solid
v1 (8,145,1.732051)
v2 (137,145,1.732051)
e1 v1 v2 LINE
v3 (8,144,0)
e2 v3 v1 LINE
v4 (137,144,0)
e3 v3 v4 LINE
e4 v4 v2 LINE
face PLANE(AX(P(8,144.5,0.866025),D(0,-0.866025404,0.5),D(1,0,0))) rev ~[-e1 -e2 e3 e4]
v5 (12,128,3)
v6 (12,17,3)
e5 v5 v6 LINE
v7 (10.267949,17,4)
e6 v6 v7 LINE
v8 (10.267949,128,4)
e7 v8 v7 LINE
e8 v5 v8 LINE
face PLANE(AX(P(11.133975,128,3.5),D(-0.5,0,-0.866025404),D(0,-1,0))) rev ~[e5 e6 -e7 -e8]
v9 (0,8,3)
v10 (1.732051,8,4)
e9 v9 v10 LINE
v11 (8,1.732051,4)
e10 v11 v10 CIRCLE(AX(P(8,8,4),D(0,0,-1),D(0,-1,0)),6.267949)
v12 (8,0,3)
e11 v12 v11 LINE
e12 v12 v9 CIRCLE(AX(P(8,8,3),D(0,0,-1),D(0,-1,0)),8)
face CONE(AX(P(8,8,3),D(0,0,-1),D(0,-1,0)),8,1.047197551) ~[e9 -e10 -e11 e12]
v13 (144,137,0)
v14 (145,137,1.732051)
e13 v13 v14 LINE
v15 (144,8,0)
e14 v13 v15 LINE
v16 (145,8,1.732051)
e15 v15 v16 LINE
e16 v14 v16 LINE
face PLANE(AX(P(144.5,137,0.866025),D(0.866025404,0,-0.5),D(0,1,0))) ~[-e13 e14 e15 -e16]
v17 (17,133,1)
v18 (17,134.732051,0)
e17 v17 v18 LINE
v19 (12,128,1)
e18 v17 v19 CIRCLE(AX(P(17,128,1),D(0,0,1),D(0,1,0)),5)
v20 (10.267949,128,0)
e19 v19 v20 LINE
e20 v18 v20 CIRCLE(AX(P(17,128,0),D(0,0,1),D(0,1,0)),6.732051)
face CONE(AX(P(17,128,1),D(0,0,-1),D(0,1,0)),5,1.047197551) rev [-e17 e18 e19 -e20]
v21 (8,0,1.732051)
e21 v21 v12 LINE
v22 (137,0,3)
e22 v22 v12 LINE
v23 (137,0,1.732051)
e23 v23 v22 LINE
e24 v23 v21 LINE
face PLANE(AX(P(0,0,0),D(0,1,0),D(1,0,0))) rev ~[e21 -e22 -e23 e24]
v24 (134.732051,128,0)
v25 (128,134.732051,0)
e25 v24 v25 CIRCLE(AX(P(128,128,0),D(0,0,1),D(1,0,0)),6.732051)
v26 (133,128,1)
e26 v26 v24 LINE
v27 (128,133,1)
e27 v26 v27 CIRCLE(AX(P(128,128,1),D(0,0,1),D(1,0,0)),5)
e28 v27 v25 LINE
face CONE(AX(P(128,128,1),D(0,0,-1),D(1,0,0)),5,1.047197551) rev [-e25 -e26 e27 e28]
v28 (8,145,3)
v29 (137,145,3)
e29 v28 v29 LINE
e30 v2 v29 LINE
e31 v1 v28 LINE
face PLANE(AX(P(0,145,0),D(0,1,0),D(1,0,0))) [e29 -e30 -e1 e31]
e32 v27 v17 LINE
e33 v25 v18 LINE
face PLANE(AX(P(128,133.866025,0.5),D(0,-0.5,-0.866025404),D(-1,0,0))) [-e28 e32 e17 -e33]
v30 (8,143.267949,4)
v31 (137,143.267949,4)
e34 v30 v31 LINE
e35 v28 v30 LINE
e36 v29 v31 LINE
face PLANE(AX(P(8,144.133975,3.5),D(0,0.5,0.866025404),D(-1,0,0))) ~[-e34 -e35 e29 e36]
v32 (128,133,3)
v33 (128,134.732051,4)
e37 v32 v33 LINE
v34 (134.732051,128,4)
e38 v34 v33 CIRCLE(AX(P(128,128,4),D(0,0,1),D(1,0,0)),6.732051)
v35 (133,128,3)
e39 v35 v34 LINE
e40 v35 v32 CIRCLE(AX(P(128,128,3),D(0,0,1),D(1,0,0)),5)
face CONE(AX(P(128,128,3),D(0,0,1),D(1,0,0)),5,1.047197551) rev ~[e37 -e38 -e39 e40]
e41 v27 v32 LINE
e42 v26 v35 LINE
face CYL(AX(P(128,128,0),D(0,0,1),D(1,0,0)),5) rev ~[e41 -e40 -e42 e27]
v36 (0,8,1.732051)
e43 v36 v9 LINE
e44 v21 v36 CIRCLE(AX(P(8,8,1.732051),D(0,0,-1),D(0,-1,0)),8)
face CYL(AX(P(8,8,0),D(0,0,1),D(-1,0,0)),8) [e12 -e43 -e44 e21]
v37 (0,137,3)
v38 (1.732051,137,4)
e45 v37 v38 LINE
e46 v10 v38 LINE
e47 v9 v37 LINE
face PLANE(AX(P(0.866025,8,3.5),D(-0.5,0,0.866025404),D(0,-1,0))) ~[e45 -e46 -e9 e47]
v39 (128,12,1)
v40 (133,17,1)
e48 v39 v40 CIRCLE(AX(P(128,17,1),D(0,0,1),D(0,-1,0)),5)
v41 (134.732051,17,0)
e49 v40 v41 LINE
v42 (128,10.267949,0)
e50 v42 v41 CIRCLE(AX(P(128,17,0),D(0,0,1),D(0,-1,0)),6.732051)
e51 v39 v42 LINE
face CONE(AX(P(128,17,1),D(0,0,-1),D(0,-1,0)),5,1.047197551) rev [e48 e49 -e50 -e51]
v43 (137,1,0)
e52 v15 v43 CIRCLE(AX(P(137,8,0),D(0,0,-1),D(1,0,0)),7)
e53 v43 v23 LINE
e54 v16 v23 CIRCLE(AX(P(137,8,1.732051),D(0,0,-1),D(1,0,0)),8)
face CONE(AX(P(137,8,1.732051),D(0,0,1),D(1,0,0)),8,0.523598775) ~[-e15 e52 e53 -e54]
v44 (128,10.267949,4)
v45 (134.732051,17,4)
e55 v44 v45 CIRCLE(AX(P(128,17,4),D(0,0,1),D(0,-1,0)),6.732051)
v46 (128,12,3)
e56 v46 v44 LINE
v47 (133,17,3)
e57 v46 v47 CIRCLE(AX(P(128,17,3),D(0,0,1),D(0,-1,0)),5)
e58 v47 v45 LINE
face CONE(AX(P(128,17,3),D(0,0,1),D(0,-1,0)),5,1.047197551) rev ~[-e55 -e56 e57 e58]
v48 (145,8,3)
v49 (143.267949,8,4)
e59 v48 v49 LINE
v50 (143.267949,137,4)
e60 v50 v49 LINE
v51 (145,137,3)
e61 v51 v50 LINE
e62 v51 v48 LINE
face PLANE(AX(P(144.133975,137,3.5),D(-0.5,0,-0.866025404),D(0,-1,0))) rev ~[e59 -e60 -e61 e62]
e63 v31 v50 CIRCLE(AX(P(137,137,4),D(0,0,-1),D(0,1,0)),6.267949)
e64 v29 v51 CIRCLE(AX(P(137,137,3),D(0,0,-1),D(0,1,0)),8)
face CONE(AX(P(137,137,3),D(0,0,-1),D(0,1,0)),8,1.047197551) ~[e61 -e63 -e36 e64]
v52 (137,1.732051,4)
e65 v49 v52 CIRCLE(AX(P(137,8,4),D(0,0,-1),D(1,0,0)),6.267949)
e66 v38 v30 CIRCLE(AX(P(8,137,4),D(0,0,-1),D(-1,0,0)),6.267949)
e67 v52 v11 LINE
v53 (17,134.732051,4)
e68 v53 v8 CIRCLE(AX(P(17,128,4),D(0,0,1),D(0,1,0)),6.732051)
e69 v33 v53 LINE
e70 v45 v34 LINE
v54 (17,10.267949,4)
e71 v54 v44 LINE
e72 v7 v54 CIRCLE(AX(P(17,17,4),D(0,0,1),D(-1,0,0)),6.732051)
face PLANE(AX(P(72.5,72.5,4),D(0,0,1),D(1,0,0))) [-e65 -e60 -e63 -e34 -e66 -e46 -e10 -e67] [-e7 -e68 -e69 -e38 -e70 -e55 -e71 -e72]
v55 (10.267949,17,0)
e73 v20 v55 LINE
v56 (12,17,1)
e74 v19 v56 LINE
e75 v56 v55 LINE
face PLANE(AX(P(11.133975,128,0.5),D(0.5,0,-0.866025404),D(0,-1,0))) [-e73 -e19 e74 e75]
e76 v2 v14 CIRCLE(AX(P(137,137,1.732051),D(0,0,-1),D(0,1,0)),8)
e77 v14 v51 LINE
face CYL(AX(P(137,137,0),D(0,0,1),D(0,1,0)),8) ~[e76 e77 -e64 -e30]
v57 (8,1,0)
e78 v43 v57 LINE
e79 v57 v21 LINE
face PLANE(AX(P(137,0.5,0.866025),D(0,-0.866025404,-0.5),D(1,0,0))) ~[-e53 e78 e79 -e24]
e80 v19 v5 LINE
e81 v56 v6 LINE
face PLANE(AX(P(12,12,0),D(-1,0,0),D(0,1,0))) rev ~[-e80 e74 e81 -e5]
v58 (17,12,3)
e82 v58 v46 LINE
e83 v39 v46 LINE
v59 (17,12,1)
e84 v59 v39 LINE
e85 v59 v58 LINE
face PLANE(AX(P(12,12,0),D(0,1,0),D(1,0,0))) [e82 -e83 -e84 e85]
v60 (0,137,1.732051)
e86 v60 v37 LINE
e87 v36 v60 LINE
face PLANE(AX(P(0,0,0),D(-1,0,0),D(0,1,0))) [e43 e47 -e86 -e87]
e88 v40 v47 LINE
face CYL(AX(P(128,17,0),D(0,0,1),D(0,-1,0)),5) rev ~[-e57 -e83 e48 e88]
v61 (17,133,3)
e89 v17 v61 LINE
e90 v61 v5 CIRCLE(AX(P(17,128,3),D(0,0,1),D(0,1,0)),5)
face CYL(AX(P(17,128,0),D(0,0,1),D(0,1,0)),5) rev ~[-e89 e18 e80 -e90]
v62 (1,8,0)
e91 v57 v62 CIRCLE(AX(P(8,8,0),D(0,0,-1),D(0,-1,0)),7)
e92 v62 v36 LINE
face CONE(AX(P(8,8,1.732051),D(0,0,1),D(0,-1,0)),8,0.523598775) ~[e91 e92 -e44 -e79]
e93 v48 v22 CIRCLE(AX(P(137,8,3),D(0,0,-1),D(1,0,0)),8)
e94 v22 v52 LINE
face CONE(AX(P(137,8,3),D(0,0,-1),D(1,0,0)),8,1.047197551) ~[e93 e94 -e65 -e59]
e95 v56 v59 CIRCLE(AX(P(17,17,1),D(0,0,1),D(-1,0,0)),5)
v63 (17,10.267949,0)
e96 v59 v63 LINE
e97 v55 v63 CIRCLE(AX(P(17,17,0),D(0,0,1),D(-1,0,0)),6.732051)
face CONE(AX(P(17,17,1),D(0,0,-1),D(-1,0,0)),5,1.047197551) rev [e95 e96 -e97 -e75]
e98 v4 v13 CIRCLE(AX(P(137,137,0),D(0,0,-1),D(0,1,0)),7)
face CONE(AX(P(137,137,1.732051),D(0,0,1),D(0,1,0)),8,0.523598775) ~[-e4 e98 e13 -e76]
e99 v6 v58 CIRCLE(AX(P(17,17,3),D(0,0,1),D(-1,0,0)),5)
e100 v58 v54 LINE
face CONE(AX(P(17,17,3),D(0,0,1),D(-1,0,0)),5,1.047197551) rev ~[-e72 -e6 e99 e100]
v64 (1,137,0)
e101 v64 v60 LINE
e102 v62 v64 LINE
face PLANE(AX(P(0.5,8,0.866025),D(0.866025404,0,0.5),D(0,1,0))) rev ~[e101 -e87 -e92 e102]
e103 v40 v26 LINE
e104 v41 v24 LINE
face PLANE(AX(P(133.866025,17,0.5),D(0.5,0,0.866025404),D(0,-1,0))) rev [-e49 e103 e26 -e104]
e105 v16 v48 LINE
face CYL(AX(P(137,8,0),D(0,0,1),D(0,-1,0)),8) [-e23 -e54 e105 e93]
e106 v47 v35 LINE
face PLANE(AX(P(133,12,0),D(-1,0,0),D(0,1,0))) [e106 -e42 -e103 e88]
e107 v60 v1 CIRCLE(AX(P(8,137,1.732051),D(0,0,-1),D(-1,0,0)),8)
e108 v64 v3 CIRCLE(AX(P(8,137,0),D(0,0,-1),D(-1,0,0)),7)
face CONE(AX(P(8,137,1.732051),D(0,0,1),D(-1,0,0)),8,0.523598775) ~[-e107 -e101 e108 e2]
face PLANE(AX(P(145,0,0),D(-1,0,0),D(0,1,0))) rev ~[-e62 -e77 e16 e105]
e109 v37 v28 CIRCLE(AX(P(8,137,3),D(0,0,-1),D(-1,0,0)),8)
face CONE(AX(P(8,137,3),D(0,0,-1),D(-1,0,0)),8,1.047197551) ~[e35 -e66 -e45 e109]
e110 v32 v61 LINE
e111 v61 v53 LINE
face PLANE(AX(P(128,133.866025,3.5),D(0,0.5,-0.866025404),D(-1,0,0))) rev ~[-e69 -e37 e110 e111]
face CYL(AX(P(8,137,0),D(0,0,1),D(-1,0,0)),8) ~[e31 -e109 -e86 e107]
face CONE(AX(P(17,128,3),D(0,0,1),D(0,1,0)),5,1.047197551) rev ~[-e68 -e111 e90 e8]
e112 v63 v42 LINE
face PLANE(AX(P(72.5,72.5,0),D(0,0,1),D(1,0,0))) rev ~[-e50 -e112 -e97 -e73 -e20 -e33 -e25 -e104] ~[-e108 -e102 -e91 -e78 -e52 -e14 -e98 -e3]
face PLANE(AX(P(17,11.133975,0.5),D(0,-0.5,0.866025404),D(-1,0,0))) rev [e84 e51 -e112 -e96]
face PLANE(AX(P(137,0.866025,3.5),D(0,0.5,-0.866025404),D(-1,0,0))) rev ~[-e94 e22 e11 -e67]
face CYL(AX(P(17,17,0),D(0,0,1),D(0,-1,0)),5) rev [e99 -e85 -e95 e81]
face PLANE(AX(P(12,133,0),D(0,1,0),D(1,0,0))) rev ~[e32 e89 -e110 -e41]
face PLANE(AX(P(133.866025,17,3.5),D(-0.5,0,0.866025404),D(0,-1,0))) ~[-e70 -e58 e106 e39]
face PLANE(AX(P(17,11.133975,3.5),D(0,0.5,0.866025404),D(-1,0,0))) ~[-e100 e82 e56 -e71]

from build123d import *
from OCP.BRepFilletAPI import BRepFilletAPI_MakeChamfer

# Parameters (mm, degrees)
ESQUISSE1_W        = 145
ESQUISSE1_H        = 145
ESQUISSE1_W_2      = 121
ESQUISSE1_H_2      = 121
BOSS_EXTRU_1_DEPTH = 4
CONG_3_R           = 8
CONG_4_R           = 5
CHANFREIN1_SIZE    = 1
CHANFREIN1_SIZE2   = 1.732050808


with BuildPart() as part:
    # Esquisse1 → Boss.-Extru.1 (new body)
    with BuildSketch(Plane.XY):
        with Locations((72.5, 72.5)):
            Rectangle(ESQUISSE1_W, ESQUISSE1_H)
        with Locations((72.5, 72.5)):
            Rectangle(ESQUISSE1_W_2, ESQUISSE1_H_2, mode=Mode.SUBTRACT)
    extrude(amount=BOSS_EXTRU_1_DEPTH)

    # Congé3
    cong_3_edges = [part.edges().sort_by_distance(p)[0] for p in [
        (0, 145, 2),
        (145, 145, 2),
        (145, 0, 2),
        (0, 0, 2),
    ]]
    fillet(cong_3_edges, radius=CONG_3_R)

    # Congé4
    cong_4_edges = [part.edges().sort_by_distance(p)[0] for p in [
        (133, 133, 2),
        (12, 133, 2),
        (12, 12, 2),
        (133, 12, 2),
    ]]
    fillet(cong_4_edges, radius=CONG_4_R)

    # Chanfrein1: one chamfer whose edges measure the first distance from different faces: ONE call of the kernel's chamfer builder (chamfer() names one face for all edges)
    chanfrein1_edges_1 = [part.edges().sort_by_distance(p)[0] for p in [
        (72.5, 145, 0),
        (0, 72.5, 0),
        (145, 72.5, 0),
        (72.5, 0, 0),
        (142.656854249, 2.343145751, 0),
        (2.343145751, 2.343145751, 0),
        (2.343145751, 142.656854249, 0),
        (142.656854249, 142.656854249, 0),
    ]]
    chanfrein1_side_1 = [part.faces().sort_by_distance(p)[0] for p in [
        (72.5, 9.949390335, 0),
    ]]
    chanfrein1_edges_2 = [part.edges().sort_by_distance(p)[0] for p in [
        (72.5, 145, 4),
    ]]
    chanfrein1_side_2 = [part.faces().sort_by_distance(p)[0] for p in [
        (72.5, 145, 2),
    ]]
    chanfrein1_edges_3 = [part.edges().sort_by_distance(p)[0] for p in [
        (145, 72.5, 4),
    ]]
    chanfrein1_side_3 = [part.faces().sort_by_distance(p)[0] for p in [
        (145, 72.5, 2),
    ]]
    chanfrein1_edges_4 = [part.edges().sort_by_distance(p)[0] for p in [
        (0, 72.5, 4),
    ]]
    chanfrein1_side_4 = [part.faces().sort_by_distance(p)[0] for p in [
        (0, 72.5, 2),
    ]]
    chanfrein1_edges_5 = [part.edges().sort_by_distance(p)[0] for p in [
        (72.5, 0, 4),
    ]]
    chanfrein1_side_5 = [part.faces().sort_by_distance(p)[0] for p in [
        (72.5, 0, 2),
    ]]
    chanfrein1_edges_6 = [part.edges().sort_by_distance(p)[0] for p in [
        (142.656854249, 2.343145751, 4),
    ]]
    chanfrein1_side_6 = [part.faces().sort_by_distance(p)[0] for p in [
        (142.656854249, 2.343145751, 2),
    ]]
    chanfrein1_edges_7 = [part.edges().sort_by_distance(p)[0] for p in [
        (2.343145751, 2.343145751, 4),
    ]]
    chanfrein1_side_7 = [part.faces().sort_by_distance(p)[0] for p in [
        (2.343145751, 2.343145751, 2),
    ]]
    chanfrein1_edges_8 = [part.edges().sort_by_distance(p)[0] for p in [
        (2.343145751, 142.656854249, 4),
    ]]
    chanfrein1_side_8 = [part.faces().sort_by_distance(p)[0] for p in [
        (2.343145751, 142.656854249, 2),
    ]]
    chanfrein1_edges_9 = [part.edges().sort_by_distance(p)[0] for p in [
        (142.656854249, 142.656854249, 4),
    ]]
    chanfrein1_side_9 = [part.faces().sort_by_distance(p)[0] for p in [
        (142.656854249, 142.656854249, 2),
    ]]
    chanfrein1_edges_10 = [part.edges().sort_by_distance(p)[0] for p in [
        (72.5, 12, 0),
        (72.5, 12, 4),
    ]]
    chanfrein1_side_10 = [part.faces().sort_by_distance(p)[0] for p in [
        (72.5, 12, 2),
    ]]
    chanfrein1_edges_11 = [part.edges().sort_by_distance(p)[0] for p in [
        (133, 72.5, 0),
        (133, 72.5, 4),
    ]]
    chanfrein1_side_11 = [part.faces().sort_by_distance(p)[0] for p in [
        (133, 72.5, 2),
    ]]
    chanfrein1_edges_12 = [part.edges().sort_by_distance(p)[0] for p in [
        (72.5, 133, 0),
        (72.5, 133, 4),
    ]]
    chanfrein1_side_12 = [part.faces().sort_by_distance(p)[0] for p in [
        (72.5, 133, 2),
    ]]
    chanfrein1_edges_13 = [part.edges().sort_by_distance(p)[0] for p in [
        (12, 72.5, 0),
        (12, 72.5, 4),
    ]]
    chanfrein1_side_13 = [part.faces().sort_by_distance(p)[0] for p in [
        (12, 72.5, 2),
    ]]
    chanfrein1_edges_14 = [part.edges().sort_by_distance(p)[0] for p in [
        (131.535533906, 13.464466094, 0),
        (131.535533906, 13.464466094, 4),
    ]]
    chanfrein1_side_14 = [part.faces().sort_by_distance(p)[0] for p in [
        (131.535533906, 13.464466094, 2),
    ]]
    chanfrein1_edges_15 = [part.edges().sort_by_distance(p)[0] for p in [
        (131.535533906, 131.535533906, 0),
        (131.535533906, 131.535533906, 4),
    ]]
    chanfrein1_side_15 = [part.faces().sort_by_distance(p)[0] for p in [
        (131.535533906, 131.535533906, 2),
    ]]
    chanfrein1_edges_16 = [part.edges().sort_by_distance(p)[0] for p in [
        (13.464466094, 131.535533906, 0),
        (13.464466094, 131.535533906, 4),
    ]]
    chanfrein1_side_16 = [part.faces().sort_by_distance(p)[0] for p in [
        (13.464466094, 131.535533906, 2),
    ]]
    chanfrein1_edges_17 = [part.edges().sort_by_distance(p)[0] for p in [
        (13.464466094, 13.464466094, 0),
        (13.464466094, 13.464466094, 4),
    ]]
    chanfrein1_side_17 = [part.faces().sort_by_distance(p)[0] for p in [
        (13.464466094, 13.464466094, 2),
    ]]
    chanfrein1 = BRepFilletAPI_MakeChamfer(part.part.solid().wrapped)
    for e in chanfrein1_edges_1:
        chanfrein1.Add(CHANFREIN1_SIZE, CHANFREIN1_SIZE2, e.wrapped, chanfrein1_side_1[0].wrapped)  # the first distance lies on this face
    for e in chanfrein1_edges_2:
        chanfrein1.Add(CHANFREIN1_SIZE, CHANFREIN1_SIZE2, e.wrapped, chanfrein1_side_2[0].wrapped)  # the first distance lies on this face
    for e in chanfrein1_edges_3:
        chanfrein1.Add(CHANFREIN1_SIZE, CHANFREIN1_SIZE2, e.wrapped, chanfrein1_side_3[0].wrapped)  # the first distance lies on this face
    for e in chanfrein1_edges_4:
        chanfrein1.Add(CHANFREIN1_SIZE, CHANFREIN1_SIZE2, e.wrapped, chanfrein1_side_4[0].wrapped)  # the first distance lies on this face
    for e in chanfrein1_edges_5:
        chanfrein1.Add(CHANFREIN1_SIZE, CHANFREIN1_SIZE2, e.wrapped, chanfrein1_side_5[0].wrapped)  # the first distance lies on this face
    for e in chanfrein1_edges_6:
        chanfrein1.Add(CHANFREIN1_SIZE, CHANFREIN1_SIZE2, e.wrapped, chanfrein1_side_6[0].wrapped)  # the first distance lies on this face
    for e in chanfrein1_edges_7:
        chanfrein1.Add(CHANFREIN1_SIZE, CHANFREIN1_SIZE2, e.wrapped, chanfrein1_side_7[0].wrapped)  # the first distance lies on this face
    for e in chanfrein1_edges_8:
        chanfrein1.Add(CHANFREIN1_SIZE, CHANFREIN1_SIZE2, e.wrapped, chanfrein1_side_8[0].wrapped)  # the first distance lies on this face
    for e in chanfrein1_edges_9:
        chanfrein1.Add(CHANFREIN1_SIZE, CHANFREIN1_SIZE2, e.wrapped, chanfrein1_side_9[0].wrapped)  # the first distance lies on this face
    for e in chanfrein1_edges_10:
        chanfrein1.Add(CHANFREIN1_SIZE, CHANFREIN1_SIZE2, e.wrapped, chanfrein1_side_10[0].wrapped)  # the first distance lies on this face
    for e in chanfrein1_edges_11:
        chanfrein1.Add(CHANFREIN1_SIZE, CHANFREIN1_SIZE2, e.wrapped, chanfrein1_side_11[0].wrapped)  # the first distance lies on this face
    for e in chanfrein1_edges_12:
        chanfrein1.Add(CHANFREIN1_SIZE, CHANFREIN1_SIZE2, e.wrapped, chanfrein1_side_12[0].wrapped)  # the first distance lies on this face
    for e in chanfrein1_edges_13:
        chanfrein1.Add(CHANFREIN1_SIZE, CHANFREIN1_SIZE2, e.wrapped, chanfrein1_side_13[0].wrapped)  # the first distance lies on this face
    for e in chanfrein1_edges_14:
        chanfrein1.Add(CHANFREIN1_SIZE, CHANFREIN1_SIZE2, e.wrapped, chanfrein1_side_14[0].wrapped)  # the first distance lies on this face
    for e in chanfrein1_edges_15:
        chanfrein1.Add(CHANFREIN1_SIZE, CHANFREIN1_SIZE2, e.wrapped, chanfrein1_side_15[0].wrapped)  # the first distance lies on this face
    for e in chanfrein1_edges_16:
        chanfrein1.Add(CHANFREIN1_SIZE, CHANFREIN1_SIZE2, e.wrapped, chanfrein1_side_16[0].wrapped)  # the first distance lies on this face
    for e in chanfrein1_edges_17:
        chanfrein1.Add(CHANFREIN1_SIZE, CHANFREIN1_SIZE2, e.wrapped, chanfrein1_side_17[0].wrapped)  # the first distance lies on this face
    add(Compound.cast(chanfrein1.Shape()), mode=Mode.REPLACE)


solid = part.part
